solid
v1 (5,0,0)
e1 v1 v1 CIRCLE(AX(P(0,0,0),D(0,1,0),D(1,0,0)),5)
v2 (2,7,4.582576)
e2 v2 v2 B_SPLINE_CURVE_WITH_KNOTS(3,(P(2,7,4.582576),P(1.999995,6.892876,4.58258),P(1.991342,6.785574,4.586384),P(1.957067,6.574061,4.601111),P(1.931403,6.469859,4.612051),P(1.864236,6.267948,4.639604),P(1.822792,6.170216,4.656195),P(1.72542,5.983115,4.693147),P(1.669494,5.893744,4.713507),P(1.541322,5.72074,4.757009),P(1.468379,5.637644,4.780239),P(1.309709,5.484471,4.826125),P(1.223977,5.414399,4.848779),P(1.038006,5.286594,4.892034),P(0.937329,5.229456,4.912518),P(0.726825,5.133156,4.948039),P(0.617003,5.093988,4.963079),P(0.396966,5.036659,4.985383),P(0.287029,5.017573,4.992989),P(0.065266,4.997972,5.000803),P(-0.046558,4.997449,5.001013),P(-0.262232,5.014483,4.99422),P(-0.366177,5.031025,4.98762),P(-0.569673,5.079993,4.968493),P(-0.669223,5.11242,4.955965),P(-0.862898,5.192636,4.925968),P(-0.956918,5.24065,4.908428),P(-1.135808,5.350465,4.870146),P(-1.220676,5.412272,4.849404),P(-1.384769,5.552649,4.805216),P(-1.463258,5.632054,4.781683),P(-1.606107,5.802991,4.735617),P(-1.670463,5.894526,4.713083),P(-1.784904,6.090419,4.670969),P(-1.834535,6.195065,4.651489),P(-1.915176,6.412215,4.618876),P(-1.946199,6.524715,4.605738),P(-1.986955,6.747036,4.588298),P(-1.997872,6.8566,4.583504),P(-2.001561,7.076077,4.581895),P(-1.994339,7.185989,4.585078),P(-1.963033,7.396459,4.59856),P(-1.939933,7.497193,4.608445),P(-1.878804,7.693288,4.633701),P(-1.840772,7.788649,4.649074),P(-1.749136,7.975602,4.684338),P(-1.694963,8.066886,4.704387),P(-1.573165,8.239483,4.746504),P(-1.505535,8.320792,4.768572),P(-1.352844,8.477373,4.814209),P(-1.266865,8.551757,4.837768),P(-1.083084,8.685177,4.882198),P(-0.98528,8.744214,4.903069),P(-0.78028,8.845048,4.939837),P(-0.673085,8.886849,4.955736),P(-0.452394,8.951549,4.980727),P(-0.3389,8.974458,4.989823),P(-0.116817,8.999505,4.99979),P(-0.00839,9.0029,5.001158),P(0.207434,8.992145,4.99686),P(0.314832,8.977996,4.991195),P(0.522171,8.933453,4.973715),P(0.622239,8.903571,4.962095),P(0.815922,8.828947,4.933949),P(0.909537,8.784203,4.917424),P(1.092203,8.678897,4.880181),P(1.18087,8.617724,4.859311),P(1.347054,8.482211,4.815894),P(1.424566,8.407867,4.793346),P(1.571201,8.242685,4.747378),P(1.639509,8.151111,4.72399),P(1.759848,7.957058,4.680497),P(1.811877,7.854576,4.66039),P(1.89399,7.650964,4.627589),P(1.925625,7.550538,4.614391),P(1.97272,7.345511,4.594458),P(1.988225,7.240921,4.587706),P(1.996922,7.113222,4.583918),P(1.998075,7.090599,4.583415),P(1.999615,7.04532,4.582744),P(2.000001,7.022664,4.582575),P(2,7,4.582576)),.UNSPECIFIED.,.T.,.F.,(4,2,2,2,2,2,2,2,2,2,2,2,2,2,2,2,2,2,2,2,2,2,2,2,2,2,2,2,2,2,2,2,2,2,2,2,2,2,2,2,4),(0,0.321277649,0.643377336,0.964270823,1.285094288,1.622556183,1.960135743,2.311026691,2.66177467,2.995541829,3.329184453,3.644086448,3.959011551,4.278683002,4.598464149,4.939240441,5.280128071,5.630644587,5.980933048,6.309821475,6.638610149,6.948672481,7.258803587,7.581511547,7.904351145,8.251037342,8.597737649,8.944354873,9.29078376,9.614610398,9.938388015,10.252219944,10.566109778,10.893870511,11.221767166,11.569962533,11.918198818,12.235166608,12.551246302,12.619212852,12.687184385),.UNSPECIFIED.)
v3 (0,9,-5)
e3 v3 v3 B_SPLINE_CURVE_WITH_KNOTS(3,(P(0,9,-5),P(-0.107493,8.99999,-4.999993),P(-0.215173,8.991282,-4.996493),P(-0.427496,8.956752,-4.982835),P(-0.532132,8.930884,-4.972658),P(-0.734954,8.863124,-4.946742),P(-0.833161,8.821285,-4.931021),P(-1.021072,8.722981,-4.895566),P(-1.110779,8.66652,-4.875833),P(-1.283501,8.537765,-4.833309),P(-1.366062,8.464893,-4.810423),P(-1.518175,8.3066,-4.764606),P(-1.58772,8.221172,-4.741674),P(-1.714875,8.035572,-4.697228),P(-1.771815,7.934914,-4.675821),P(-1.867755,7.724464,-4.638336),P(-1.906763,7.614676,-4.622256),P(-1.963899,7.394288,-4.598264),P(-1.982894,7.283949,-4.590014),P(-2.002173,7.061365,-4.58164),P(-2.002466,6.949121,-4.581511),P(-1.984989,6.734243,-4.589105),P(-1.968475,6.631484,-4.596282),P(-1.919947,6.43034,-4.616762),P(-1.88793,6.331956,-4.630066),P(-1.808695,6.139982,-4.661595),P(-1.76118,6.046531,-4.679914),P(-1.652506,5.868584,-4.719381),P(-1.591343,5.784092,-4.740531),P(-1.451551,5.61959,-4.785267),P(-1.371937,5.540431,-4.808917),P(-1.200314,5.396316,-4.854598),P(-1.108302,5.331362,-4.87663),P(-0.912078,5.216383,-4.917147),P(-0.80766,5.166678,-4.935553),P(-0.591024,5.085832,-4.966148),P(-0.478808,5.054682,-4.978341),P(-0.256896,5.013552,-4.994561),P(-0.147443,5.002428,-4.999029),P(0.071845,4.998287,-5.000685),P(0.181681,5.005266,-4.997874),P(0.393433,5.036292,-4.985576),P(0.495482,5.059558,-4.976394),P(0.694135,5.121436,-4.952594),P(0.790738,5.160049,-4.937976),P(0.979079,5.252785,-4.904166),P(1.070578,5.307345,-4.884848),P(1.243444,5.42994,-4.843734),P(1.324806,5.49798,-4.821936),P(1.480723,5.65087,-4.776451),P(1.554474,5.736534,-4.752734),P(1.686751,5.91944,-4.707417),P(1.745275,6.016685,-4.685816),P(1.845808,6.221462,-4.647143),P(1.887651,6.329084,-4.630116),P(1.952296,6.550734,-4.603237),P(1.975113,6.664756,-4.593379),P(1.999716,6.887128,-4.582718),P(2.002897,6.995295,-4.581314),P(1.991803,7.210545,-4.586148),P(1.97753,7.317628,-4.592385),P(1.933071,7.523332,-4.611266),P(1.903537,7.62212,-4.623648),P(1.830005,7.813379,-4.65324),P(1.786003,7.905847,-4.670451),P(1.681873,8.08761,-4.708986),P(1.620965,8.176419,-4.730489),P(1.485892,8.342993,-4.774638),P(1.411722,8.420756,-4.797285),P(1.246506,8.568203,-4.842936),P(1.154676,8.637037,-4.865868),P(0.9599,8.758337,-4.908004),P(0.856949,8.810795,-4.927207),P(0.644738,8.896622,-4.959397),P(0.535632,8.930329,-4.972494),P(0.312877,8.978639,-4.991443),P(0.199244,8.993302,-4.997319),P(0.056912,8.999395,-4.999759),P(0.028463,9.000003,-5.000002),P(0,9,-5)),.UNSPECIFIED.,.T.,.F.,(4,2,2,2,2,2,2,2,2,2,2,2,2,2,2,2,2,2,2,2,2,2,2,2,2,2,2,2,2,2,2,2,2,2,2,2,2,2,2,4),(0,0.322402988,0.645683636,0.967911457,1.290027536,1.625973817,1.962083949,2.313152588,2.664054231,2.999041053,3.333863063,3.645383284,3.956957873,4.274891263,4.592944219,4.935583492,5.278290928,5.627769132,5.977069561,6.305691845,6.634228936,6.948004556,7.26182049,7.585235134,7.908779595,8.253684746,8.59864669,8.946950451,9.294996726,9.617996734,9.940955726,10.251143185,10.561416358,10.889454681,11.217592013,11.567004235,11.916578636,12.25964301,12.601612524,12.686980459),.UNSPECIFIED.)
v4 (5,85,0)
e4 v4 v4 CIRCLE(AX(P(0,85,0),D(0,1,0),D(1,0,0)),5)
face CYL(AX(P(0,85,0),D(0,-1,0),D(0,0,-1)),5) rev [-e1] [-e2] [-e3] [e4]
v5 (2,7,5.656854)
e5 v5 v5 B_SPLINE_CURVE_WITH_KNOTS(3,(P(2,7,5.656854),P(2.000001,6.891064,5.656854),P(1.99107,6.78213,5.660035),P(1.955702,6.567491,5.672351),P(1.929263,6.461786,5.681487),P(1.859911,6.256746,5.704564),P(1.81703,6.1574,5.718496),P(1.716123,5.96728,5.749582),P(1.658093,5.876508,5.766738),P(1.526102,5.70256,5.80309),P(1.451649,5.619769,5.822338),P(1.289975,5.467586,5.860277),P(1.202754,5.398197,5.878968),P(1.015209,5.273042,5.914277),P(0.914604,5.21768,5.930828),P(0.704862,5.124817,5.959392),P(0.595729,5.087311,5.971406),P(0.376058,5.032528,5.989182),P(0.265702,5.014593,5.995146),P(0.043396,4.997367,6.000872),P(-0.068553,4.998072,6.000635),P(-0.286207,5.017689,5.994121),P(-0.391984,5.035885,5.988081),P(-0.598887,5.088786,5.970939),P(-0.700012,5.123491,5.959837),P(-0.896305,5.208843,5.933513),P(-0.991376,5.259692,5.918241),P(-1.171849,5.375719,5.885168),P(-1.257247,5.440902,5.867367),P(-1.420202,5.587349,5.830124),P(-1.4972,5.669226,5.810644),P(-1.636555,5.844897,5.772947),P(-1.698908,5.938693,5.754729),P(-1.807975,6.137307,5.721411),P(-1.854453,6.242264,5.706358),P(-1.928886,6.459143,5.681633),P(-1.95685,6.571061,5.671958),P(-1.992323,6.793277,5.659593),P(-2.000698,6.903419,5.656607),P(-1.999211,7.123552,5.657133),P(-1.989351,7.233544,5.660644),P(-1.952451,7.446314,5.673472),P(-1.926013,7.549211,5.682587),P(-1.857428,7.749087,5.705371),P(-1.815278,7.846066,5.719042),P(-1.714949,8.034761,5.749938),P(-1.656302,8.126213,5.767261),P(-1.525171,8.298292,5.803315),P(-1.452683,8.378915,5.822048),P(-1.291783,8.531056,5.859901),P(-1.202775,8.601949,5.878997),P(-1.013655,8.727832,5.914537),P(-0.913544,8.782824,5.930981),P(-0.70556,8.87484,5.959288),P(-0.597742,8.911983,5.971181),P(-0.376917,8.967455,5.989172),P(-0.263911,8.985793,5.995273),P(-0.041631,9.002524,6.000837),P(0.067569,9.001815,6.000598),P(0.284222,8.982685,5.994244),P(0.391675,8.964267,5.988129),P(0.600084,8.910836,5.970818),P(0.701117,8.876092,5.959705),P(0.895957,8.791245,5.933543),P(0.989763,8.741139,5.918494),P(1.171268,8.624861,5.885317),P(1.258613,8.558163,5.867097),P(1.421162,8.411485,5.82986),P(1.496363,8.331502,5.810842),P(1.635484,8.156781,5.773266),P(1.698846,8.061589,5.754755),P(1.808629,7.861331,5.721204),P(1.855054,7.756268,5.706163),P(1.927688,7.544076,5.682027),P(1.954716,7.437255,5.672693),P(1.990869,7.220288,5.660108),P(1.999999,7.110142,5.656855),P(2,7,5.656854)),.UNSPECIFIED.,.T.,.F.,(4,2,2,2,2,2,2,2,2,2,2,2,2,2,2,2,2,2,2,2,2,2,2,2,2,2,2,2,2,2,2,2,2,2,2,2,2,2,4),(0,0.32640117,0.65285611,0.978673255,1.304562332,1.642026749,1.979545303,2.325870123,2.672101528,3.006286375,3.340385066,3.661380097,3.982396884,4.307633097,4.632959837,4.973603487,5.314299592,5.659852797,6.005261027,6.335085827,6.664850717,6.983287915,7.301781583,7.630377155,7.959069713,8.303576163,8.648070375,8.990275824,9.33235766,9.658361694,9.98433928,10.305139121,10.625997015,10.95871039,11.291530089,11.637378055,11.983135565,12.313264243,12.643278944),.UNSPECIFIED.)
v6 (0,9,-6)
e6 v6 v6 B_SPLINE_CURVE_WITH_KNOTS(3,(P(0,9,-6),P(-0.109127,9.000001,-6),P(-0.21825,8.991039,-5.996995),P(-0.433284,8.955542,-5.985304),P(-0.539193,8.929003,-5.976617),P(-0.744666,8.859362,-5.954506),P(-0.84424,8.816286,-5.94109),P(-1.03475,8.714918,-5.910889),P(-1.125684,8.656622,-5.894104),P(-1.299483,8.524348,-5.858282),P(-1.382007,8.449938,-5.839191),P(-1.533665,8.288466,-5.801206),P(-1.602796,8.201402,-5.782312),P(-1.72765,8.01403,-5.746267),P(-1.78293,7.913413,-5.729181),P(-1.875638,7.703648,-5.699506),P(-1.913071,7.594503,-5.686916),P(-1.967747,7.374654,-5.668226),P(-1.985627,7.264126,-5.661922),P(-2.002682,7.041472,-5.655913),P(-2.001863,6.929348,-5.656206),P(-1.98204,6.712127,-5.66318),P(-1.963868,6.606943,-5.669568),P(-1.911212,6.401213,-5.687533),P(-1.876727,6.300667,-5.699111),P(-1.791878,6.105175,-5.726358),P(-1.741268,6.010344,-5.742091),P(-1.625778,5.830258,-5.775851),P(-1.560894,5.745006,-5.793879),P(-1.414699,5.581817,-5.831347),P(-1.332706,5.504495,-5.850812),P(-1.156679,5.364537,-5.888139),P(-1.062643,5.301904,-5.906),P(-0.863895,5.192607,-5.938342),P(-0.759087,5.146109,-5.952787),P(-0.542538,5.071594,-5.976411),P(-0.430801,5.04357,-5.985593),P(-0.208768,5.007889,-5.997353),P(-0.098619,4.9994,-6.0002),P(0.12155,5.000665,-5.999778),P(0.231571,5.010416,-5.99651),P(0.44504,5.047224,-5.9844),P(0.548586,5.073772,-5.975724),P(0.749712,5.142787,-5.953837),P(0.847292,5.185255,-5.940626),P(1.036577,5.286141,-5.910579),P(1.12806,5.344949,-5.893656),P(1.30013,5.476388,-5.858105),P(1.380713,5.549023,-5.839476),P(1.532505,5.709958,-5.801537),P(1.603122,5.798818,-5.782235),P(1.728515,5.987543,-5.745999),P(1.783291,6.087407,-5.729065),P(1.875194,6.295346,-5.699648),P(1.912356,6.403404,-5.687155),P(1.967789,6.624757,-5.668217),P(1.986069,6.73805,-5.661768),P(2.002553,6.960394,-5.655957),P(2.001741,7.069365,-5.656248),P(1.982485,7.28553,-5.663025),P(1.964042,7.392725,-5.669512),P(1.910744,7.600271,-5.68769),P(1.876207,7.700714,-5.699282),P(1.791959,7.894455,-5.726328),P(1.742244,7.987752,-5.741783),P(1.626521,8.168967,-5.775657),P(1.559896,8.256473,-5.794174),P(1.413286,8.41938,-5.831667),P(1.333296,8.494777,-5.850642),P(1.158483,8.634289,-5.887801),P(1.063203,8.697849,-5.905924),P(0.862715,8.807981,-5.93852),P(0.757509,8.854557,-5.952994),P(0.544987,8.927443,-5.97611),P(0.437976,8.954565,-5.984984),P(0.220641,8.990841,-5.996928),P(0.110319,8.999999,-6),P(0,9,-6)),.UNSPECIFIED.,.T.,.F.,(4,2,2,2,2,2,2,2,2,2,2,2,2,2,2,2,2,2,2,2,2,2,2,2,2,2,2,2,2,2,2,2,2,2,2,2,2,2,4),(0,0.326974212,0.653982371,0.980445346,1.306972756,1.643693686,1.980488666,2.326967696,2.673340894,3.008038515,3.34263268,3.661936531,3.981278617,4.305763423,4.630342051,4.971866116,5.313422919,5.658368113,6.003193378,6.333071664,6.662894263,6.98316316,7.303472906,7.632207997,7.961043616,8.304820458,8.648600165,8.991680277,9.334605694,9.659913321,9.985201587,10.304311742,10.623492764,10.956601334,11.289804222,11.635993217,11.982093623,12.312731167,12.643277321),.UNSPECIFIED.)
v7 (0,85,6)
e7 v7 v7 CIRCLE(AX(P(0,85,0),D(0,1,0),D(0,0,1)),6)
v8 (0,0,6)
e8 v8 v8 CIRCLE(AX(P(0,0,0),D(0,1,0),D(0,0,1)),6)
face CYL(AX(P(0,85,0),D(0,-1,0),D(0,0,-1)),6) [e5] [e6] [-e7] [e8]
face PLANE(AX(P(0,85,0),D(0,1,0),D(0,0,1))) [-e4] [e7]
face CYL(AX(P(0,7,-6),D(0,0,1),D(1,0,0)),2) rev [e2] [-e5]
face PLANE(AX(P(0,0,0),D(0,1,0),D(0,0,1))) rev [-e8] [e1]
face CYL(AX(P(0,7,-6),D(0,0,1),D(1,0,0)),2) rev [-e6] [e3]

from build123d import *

# Parameters (mm, degrees)
SKETCH_1_R               = 6
SKETCH_1_R_2             = 5
EXTRUDE_1_DEPTH          = 85
CUT_EXTRUDE_1_DEPTH      = 86.422479477
CUT_EXTRUDE_1_DEPTH_BACK = 86.422479477
SKETCH_2_R               = 2


with BuildPart() as part:
    # 草图1 → 拉伸-薄壁1 (new body)
    with BuildSketch(Plane(origin=(0, 0, 0), x_dir=(1, 0, 0), z_dir=(0, 1, 0))):
        Circle(SKETCH_1_R)
        Circle(SKETCH_1_R_2, mode=Mode.SUBTRACT)
    extrude(amount=EXTRUDE_1_DEPTH)

    # 草图2 → 切除-拉伸1 (cut, two sides: drawn at the far end of the back side and taken through both)
    with BuildSketch(Plane.XY.offset(-CUT_EXTRUDE_1_DEPTH_BACK)):
        with Locations((0, 7)):
            Circle(SKETCH_2_R)
    extrude(amount=CUT_EXTRUDE_1_DEPTH + CUT_EXTRUDE_1_DEPTH_BACK, mode=Mode.SUBTRACT)


solid = part.part
